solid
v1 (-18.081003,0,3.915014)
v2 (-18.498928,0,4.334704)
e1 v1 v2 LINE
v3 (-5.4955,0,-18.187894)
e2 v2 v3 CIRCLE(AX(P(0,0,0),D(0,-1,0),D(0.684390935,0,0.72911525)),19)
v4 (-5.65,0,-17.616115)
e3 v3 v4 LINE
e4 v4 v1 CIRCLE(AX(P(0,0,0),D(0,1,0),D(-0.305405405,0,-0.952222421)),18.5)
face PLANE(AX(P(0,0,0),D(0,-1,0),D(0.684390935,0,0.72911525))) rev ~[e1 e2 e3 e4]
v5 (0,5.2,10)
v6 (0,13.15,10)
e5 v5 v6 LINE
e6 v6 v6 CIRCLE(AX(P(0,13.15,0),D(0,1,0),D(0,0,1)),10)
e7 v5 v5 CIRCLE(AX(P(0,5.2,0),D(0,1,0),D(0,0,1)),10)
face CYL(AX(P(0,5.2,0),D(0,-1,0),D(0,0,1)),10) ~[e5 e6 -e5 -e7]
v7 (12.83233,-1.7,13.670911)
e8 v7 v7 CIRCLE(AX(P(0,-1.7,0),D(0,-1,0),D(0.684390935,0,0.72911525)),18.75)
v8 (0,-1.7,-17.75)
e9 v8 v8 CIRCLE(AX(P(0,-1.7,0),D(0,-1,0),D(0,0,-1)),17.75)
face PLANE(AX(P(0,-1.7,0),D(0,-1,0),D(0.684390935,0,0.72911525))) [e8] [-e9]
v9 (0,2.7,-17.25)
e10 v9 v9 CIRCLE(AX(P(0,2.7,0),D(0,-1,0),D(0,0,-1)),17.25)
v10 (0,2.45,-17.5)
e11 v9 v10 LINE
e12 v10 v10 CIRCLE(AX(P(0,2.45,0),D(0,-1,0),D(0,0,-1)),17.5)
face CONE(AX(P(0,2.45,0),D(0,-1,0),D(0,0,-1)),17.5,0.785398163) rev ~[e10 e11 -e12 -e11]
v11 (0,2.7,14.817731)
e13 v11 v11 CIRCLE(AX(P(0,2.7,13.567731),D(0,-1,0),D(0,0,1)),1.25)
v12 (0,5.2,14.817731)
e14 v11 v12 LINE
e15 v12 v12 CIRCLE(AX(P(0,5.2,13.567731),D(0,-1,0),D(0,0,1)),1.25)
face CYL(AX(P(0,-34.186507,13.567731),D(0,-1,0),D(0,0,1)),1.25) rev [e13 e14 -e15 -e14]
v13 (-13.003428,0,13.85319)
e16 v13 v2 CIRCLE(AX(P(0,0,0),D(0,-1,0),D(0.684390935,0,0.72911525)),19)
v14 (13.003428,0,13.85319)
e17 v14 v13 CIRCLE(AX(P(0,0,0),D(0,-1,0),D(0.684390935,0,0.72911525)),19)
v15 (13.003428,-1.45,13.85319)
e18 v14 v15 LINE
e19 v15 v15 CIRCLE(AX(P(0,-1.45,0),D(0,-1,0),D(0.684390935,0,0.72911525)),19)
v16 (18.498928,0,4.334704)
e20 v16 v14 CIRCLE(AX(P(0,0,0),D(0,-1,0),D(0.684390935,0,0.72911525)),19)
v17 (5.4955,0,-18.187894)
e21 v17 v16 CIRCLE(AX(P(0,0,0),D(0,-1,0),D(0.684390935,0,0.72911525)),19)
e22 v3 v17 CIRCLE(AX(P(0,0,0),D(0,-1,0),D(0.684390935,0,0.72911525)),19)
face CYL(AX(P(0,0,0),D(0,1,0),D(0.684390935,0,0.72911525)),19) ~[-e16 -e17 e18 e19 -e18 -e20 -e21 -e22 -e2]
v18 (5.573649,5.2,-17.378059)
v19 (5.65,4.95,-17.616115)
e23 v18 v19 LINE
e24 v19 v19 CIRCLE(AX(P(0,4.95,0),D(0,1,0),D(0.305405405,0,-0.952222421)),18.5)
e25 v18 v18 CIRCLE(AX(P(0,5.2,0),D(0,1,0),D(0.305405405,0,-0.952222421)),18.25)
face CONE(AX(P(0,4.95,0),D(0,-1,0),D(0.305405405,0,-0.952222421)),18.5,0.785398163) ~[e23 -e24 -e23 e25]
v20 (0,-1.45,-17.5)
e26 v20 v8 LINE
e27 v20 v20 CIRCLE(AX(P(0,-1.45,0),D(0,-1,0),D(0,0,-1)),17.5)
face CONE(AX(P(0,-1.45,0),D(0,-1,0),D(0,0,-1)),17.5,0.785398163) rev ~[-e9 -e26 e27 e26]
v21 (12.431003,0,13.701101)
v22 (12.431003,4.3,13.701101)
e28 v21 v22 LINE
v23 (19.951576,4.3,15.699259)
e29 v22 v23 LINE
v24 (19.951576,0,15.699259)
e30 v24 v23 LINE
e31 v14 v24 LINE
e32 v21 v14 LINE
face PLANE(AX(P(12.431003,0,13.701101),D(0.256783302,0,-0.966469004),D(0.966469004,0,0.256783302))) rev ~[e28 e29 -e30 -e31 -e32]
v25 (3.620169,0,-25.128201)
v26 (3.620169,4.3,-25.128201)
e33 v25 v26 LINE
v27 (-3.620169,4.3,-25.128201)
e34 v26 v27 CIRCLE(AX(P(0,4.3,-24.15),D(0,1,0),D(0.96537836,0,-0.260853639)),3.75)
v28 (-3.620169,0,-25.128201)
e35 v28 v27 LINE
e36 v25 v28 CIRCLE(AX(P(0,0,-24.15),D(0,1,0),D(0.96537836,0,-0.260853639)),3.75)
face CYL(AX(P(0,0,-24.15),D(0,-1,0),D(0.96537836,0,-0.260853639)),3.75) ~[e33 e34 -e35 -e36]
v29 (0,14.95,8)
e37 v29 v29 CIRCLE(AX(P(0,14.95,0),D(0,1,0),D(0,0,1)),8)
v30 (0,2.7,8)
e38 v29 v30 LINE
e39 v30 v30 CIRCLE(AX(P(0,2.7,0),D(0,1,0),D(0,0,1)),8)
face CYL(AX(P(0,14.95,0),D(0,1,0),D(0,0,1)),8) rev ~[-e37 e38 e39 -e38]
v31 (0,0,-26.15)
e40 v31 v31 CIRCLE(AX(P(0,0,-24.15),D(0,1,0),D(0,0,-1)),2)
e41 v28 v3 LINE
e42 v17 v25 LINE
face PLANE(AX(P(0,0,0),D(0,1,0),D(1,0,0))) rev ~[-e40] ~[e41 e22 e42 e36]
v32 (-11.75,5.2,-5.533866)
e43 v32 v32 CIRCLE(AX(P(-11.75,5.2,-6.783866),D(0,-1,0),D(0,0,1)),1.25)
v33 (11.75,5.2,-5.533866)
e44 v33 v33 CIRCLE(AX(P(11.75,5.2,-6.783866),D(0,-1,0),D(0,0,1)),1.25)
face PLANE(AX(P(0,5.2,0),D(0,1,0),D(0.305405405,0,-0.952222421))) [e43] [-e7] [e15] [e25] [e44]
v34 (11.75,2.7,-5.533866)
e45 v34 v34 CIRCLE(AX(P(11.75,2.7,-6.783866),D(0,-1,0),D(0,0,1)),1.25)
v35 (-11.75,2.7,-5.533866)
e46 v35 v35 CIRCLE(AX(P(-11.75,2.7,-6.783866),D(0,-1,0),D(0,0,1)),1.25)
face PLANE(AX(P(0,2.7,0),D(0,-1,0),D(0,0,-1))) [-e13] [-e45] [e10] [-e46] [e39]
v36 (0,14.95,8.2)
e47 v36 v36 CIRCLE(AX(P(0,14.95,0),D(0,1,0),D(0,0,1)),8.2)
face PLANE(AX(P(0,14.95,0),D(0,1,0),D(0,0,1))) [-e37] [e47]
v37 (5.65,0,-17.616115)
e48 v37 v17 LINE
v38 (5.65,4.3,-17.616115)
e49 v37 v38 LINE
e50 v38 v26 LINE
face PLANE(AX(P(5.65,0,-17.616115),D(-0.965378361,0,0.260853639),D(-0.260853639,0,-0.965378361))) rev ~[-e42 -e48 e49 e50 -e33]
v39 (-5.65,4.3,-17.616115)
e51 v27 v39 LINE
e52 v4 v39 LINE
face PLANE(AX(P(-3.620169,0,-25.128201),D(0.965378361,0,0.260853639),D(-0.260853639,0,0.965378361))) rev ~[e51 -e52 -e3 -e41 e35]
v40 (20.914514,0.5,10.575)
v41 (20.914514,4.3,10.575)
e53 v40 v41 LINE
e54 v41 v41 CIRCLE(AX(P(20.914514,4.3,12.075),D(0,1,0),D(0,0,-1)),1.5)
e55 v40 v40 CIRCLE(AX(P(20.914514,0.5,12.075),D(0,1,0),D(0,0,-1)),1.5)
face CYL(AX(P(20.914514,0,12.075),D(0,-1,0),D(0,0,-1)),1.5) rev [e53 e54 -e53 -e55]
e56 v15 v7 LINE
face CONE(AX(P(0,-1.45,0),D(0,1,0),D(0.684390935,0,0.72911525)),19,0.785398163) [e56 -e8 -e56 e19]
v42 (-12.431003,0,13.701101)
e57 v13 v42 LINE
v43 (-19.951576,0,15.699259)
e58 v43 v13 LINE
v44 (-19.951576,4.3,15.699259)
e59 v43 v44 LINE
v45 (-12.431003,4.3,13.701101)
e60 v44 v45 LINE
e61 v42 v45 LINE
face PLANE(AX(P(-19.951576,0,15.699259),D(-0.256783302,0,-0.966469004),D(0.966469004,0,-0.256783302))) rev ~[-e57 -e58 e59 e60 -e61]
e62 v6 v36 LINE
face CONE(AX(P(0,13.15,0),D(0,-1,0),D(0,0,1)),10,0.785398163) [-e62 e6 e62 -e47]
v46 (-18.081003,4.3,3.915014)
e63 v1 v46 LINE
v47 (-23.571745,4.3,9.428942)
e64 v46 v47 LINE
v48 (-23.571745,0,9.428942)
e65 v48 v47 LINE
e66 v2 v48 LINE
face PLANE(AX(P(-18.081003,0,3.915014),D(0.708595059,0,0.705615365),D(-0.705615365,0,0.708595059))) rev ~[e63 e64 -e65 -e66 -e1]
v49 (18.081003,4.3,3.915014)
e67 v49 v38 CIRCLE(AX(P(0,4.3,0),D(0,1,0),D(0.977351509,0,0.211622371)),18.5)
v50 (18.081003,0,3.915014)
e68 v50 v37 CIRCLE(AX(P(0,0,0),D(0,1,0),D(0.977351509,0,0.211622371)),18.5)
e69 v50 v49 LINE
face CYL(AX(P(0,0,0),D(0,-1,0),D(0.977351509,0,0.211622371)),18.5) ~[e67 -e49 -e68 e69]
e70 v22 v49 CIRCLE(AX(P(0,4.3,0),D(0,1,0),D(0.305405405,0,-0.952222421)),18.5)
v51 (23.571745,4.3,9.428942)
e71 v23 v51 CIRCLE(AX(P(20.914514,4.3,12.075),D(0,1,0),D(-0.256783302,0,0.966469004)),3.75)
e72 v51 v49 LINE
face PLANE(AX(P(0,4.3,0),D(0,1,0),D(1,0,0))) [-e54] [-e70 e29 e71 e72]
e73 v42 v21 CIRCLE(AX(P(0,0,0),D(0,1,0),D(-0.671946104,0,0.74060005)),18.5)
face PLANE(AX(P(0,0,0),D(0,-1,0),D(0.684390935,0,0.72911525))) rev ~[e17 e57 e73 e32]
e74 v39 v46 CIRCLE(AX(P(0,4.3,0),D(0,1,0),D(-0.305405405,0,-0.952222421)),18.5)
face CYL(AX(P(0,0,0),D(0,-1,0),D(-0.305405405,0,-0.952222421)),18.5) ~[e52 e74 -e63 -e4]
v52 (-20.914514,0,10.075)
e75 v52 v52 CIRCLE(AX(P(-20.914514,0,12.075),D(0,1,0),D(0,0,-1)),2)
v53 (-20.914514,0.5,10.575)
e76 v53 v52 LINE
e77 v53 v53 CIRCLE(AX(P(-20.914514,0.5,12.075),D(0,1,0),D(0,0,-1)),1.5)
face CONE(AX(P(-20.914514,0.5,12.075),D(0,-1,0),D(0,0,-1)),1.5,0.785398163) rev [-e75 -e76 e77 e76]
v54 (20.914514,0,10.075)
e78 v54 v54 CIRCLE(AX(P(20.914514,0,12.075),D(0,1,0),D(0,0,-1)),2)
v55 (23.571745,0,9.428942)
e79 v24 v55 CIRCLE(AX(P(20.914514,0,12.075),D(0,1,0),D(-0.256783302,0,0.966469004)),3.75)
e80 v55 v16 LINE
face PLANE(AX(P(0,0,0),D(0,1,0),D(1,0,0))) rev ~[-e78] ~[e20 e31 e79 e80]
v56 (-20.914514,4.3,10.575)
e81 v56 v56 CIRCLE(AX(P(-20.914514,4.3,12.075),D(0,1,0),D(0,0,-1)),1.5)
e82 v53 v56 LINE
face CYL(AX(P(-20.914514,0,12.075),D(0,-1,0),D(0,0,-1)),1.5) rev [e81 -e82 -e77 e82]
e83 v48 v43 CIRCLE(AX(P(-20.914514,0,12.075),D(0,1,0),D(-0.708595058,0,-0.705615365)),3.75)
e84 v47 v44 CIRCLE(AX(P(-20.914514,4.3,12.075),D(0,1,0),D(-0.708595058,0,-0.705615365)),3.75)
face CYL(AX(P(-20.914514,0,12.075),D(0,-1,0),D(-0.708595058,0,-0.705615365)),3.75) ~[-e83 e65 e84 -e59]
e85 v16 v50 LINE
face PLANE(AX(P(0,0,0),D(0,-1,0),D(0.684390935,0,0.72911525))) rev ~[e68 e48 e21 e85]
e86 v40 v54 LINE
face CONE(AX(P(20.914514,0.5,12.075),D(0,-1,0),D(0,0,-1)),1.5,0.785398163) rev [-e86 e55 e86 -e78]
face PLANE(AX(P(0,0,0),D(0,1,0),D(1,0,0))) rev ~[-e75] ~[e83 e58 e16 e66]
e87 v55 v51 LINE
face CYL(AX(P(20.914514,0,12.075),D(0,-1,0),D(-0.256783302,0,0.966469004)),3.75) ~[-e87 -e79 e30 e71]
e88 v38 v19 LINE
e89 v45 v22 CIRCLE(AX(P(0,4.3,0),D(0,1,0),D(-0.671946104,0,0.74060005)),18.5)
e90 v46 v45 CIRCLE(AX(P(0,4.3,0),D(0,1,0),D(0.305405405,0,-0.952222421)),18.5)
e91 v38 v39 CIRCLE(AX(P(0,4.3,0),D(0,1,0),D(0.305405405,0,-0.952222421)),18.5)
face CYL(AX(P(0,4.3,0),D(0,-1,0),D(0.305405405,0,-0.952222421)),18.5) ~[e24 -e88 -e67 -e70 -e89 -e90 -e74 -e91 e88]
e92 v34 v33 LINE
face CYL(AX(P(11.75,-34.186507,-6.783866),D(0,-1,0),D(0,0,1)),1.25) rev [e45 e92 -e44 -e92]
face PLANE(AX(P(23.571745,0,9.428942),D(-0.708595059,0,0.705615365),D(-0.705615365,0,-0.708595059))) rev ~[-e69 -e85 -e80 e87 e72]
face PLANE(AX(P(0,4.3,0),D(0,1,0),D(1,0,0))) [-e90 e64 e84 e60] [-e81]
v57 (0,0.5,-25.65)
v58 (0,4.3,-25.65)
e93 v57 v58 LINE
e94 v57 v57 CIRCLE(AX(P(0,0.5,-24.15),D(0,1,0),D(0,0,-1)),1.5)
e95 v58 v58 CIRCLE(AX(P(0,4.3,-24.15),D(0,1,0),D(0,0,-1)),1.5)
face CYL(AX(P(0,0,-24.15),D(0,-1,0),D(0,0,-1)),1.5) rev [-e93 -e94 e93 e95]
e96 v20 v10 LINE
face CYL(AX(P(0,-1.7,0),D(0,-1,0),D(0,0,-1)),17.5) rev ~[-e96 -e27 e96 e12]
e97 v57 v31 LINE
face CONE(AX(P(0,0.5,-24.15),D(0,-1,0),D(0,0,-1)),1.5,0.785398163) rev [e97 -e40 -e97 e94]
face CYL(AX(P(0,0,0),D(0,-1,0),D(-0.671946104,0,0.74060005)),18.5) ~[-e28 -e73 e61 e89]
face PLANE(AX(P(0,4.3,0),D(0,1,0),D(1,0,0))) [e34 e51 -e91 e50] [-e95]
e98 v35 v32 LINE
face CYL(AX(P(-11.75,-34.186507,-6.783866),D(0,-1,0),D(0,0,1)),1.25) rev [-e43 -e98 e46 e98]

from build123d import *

# Parameters (mm, degrees)
SKETCH1_R               = 1.5
BOSS_EXTRUDE1_DEPTH     = 4.3
SKETCH3_R               = 18.5
BOSS_EXTRUDE2_DEPTH     = 0.9
CUT_EXTRUDE1_DEPTH      = 38.486507256
CUT_EXTRUDE1_DEPTH_BACK = 38.486507256
SKETCH2_R               = 1.25
SKETCH4_R               = 10
BOSS_EXTRUDE3_DEPTH     = 9.75
SKETCH5_R               = 8
CUT_EXTRUDE2_DEPTH      = 41.127929504
SKETCH6_R               = 19
BOSS_EXTRUDE4_DEPTH     = 1.7
SKETCH7_R               = 17.5
CUT_EXTRUDE3_DEPTH      = 4.4
CHAMFER1_SIZE           = 1.8
CHAMFER2_SIZE           = 0.25
CHAMFER3_SIZE           = 0.5


with BuildPart() as part:
    # Sketch1 → Boss-Extrude1 (new body)
    with BuildSketch(Plane(origin=(0, 0, 0), x_dir=(1, 0, 0), z_dir=(0, 1, 0))):
        with BuildLine():
            Line((-3.620168852, 25.128201147), (-5.65, 17.616114782))
            ThreePointArc((-5.65, 17.616114782), (-16.02146997, 9.25), (-18.081002917, -3.915013859))
            Line((-18.081002917, -3.915013859), (-23.57174497, -9.428942382))
            ThreePointArc((-23.57174497, -9.428942382), (-24.162108766, -13.95), (-19.951576119, -15.699258765))
            Line((-19.951576119, -15.699258765), (-12.431002917, -13.701100922))
            ThreePointArc((-12.431002917, -13.701100922), (0, -18.5), (12.431002917, -13.701100922))
            Line((12.431002917, -13.701100922), (19.951576119, -15.699258765))
            ThreePointArc((19.951576119, -15.699258765), (24.162108766, -13.95), (23.57174497, -9.428942382))
            Line((23.57174497, -9.428942382), (18.081002917, -3.915013859))
            ThreePointArc((18.081002917, -3.915013859), (16.02146997, 9.25), (5.65, 17.616114782))
            Line((5.65, 17.616114782), (3.620168852, 25.128201147))
            ThreePointArc((3.620168852, 25.128201147), (0, 27.9), (-3.620168852, 25.128201147))
        make_face()
        with Locations(Location((0, 24.15, 0), (0, 0, 90))):
            Circle(SKETCH1_R, mode=Mode.SUBTRACT)
        with Locations(Location((20.914513501, -12.075, 0), (0, 0, 90))):
            Circle(SKETCH1_R, mode=Mode.SUBTRACT)
        with Locations(Location((-20.914513501, -12.075, 0), (0, 0, 90))):
            Circle(SKETCH1_R, mode=Mode.SUBTRACT)
    extrude(amount=BOSS_EXTRUDE1_DEPTH)

    # Sketch3 → Boss-Extrude2 (add)
    with BuildSketch(Plane(origin=(0, 4.3, 0), x_dir=(1, 0, 0), z_dir=(0, 1, 0))):
        with Locations(Location((0, 0, 0), (0, 0, 72.217444278))):
            Circle(SKETCH3_R)
    extrude(amount=BOSS_EXTRUDE2_DEPTH)

    # Sketch2 → Cut-Extrude1 (cut, two sides: drawn at the far end of the back side and taken through both)
    with BuildSketch(Plane(origin=(0, 4.3, 0), x_dir=(1, 0, 0), z_dir=(0, 1, 0)).offset(-CUT_EXTRUDE1_DEPTH_BACK)):
        with Locations(Location((-11.75, 6.783865663, 0), (0, 0, 270))):
            Circle(SKETCH2_R)
        with Locations(Location((11.75, 6.783865663, 0), (0, 0, 270))):
            Circle(SKETCH2_R)
        with Locations(Location((0, -13.567731326, 0), (0, 0, 270))):
            Circle(SKETCH2_R)
    extrude(amount=CUT_EXTRUDE1_DEPTH + CUT_EXTRUDE1_DEPTH_BACK, mode=Mode.SUBTRACT)

    # Sketch4 → Boss-Extrude3 (add)
    with BuildSketch(Plane(origin=(0, 5.2, 0), x_dir=(1, 0, 0), z_dir=(0, 1, 0))):
        with Locations(Location((0, 0, 0), (0, 0, 270))):
            Circle(SKETCH4_R)
    extrude(amount=BOSS_EXTRUDE3_DEPTH)

    # Sketch5 → Cut-Extrude2 (cut, through all)
    with BuildSketch(Plane(origin=(0, 14.95, 0), x_dir=(1, 0, 0), z_dir=(0, 1, 0))):
        with Locations(Location((0, 0, 0), (0, 0, 270))):
            Circle(SKETCH5_R)
    extrude(amount=-CUT_EXTRUDE2_DEPTH, mode=Mode.SUBTRACT)

    # Sketch6 → Boss-Extrude4 (add)
    with BuildSketch(Plane.XZ):
        with Locations(Location((0, 0, 0), (0, 0, 46.812273556))):
            Circle(SKETCH6_R)
    extrude(amount=BOSS_EXTRUDE4_DEPTH)

    # Sketch7 → Cut-Extrude3 (cut)
    with BuildSketch(Plane(origin=(0, -1.7, 0), x_dir=(-1, 0, 0), z_dir=(0, -1, 0))):
        with Locations(Location((0, 0, 0), (0, 0, 90))):
            Circle(SKETCH7_R)
    extrude(amount=-CUT_EXTRUDE3_DEPTH, mode=Mode.SUBTRACT)

    # Chamfer1
    chamfer1_edges = [part.edges().sort_by_distance(p)[0] for p in [
        (0, 14.95, -10),
    ]]
    chamfer(chamfer1_edges, length=CHAMFER1_SIZE)

    # Chamfer2
    chamfer2_edges = [part.edges().sort_by_distance(p)[0] for p in [
        (0, -1.7, 17.5),
        (0, 2.7, 17.5),
        (-5.65, 5.2, 17.616114782),
        (-13.003427764, -1.7, -13.853189755),
    ]]
    chamfer(chamfer2_edges, length=CHAMFER2_SIZE)

    # Chamfer3
    chamfer3_edges = [part.edges().sort_by_distance(p)[0] for p in [
        (0, 0, -22.65),
        (20.914513501, 0, 13.575),
        (-20.914513501, 0, 13.575),
    ]]
    chamfer(chamfer3_edges, length=CHAMFER3_SIZE)


solid = part.part
